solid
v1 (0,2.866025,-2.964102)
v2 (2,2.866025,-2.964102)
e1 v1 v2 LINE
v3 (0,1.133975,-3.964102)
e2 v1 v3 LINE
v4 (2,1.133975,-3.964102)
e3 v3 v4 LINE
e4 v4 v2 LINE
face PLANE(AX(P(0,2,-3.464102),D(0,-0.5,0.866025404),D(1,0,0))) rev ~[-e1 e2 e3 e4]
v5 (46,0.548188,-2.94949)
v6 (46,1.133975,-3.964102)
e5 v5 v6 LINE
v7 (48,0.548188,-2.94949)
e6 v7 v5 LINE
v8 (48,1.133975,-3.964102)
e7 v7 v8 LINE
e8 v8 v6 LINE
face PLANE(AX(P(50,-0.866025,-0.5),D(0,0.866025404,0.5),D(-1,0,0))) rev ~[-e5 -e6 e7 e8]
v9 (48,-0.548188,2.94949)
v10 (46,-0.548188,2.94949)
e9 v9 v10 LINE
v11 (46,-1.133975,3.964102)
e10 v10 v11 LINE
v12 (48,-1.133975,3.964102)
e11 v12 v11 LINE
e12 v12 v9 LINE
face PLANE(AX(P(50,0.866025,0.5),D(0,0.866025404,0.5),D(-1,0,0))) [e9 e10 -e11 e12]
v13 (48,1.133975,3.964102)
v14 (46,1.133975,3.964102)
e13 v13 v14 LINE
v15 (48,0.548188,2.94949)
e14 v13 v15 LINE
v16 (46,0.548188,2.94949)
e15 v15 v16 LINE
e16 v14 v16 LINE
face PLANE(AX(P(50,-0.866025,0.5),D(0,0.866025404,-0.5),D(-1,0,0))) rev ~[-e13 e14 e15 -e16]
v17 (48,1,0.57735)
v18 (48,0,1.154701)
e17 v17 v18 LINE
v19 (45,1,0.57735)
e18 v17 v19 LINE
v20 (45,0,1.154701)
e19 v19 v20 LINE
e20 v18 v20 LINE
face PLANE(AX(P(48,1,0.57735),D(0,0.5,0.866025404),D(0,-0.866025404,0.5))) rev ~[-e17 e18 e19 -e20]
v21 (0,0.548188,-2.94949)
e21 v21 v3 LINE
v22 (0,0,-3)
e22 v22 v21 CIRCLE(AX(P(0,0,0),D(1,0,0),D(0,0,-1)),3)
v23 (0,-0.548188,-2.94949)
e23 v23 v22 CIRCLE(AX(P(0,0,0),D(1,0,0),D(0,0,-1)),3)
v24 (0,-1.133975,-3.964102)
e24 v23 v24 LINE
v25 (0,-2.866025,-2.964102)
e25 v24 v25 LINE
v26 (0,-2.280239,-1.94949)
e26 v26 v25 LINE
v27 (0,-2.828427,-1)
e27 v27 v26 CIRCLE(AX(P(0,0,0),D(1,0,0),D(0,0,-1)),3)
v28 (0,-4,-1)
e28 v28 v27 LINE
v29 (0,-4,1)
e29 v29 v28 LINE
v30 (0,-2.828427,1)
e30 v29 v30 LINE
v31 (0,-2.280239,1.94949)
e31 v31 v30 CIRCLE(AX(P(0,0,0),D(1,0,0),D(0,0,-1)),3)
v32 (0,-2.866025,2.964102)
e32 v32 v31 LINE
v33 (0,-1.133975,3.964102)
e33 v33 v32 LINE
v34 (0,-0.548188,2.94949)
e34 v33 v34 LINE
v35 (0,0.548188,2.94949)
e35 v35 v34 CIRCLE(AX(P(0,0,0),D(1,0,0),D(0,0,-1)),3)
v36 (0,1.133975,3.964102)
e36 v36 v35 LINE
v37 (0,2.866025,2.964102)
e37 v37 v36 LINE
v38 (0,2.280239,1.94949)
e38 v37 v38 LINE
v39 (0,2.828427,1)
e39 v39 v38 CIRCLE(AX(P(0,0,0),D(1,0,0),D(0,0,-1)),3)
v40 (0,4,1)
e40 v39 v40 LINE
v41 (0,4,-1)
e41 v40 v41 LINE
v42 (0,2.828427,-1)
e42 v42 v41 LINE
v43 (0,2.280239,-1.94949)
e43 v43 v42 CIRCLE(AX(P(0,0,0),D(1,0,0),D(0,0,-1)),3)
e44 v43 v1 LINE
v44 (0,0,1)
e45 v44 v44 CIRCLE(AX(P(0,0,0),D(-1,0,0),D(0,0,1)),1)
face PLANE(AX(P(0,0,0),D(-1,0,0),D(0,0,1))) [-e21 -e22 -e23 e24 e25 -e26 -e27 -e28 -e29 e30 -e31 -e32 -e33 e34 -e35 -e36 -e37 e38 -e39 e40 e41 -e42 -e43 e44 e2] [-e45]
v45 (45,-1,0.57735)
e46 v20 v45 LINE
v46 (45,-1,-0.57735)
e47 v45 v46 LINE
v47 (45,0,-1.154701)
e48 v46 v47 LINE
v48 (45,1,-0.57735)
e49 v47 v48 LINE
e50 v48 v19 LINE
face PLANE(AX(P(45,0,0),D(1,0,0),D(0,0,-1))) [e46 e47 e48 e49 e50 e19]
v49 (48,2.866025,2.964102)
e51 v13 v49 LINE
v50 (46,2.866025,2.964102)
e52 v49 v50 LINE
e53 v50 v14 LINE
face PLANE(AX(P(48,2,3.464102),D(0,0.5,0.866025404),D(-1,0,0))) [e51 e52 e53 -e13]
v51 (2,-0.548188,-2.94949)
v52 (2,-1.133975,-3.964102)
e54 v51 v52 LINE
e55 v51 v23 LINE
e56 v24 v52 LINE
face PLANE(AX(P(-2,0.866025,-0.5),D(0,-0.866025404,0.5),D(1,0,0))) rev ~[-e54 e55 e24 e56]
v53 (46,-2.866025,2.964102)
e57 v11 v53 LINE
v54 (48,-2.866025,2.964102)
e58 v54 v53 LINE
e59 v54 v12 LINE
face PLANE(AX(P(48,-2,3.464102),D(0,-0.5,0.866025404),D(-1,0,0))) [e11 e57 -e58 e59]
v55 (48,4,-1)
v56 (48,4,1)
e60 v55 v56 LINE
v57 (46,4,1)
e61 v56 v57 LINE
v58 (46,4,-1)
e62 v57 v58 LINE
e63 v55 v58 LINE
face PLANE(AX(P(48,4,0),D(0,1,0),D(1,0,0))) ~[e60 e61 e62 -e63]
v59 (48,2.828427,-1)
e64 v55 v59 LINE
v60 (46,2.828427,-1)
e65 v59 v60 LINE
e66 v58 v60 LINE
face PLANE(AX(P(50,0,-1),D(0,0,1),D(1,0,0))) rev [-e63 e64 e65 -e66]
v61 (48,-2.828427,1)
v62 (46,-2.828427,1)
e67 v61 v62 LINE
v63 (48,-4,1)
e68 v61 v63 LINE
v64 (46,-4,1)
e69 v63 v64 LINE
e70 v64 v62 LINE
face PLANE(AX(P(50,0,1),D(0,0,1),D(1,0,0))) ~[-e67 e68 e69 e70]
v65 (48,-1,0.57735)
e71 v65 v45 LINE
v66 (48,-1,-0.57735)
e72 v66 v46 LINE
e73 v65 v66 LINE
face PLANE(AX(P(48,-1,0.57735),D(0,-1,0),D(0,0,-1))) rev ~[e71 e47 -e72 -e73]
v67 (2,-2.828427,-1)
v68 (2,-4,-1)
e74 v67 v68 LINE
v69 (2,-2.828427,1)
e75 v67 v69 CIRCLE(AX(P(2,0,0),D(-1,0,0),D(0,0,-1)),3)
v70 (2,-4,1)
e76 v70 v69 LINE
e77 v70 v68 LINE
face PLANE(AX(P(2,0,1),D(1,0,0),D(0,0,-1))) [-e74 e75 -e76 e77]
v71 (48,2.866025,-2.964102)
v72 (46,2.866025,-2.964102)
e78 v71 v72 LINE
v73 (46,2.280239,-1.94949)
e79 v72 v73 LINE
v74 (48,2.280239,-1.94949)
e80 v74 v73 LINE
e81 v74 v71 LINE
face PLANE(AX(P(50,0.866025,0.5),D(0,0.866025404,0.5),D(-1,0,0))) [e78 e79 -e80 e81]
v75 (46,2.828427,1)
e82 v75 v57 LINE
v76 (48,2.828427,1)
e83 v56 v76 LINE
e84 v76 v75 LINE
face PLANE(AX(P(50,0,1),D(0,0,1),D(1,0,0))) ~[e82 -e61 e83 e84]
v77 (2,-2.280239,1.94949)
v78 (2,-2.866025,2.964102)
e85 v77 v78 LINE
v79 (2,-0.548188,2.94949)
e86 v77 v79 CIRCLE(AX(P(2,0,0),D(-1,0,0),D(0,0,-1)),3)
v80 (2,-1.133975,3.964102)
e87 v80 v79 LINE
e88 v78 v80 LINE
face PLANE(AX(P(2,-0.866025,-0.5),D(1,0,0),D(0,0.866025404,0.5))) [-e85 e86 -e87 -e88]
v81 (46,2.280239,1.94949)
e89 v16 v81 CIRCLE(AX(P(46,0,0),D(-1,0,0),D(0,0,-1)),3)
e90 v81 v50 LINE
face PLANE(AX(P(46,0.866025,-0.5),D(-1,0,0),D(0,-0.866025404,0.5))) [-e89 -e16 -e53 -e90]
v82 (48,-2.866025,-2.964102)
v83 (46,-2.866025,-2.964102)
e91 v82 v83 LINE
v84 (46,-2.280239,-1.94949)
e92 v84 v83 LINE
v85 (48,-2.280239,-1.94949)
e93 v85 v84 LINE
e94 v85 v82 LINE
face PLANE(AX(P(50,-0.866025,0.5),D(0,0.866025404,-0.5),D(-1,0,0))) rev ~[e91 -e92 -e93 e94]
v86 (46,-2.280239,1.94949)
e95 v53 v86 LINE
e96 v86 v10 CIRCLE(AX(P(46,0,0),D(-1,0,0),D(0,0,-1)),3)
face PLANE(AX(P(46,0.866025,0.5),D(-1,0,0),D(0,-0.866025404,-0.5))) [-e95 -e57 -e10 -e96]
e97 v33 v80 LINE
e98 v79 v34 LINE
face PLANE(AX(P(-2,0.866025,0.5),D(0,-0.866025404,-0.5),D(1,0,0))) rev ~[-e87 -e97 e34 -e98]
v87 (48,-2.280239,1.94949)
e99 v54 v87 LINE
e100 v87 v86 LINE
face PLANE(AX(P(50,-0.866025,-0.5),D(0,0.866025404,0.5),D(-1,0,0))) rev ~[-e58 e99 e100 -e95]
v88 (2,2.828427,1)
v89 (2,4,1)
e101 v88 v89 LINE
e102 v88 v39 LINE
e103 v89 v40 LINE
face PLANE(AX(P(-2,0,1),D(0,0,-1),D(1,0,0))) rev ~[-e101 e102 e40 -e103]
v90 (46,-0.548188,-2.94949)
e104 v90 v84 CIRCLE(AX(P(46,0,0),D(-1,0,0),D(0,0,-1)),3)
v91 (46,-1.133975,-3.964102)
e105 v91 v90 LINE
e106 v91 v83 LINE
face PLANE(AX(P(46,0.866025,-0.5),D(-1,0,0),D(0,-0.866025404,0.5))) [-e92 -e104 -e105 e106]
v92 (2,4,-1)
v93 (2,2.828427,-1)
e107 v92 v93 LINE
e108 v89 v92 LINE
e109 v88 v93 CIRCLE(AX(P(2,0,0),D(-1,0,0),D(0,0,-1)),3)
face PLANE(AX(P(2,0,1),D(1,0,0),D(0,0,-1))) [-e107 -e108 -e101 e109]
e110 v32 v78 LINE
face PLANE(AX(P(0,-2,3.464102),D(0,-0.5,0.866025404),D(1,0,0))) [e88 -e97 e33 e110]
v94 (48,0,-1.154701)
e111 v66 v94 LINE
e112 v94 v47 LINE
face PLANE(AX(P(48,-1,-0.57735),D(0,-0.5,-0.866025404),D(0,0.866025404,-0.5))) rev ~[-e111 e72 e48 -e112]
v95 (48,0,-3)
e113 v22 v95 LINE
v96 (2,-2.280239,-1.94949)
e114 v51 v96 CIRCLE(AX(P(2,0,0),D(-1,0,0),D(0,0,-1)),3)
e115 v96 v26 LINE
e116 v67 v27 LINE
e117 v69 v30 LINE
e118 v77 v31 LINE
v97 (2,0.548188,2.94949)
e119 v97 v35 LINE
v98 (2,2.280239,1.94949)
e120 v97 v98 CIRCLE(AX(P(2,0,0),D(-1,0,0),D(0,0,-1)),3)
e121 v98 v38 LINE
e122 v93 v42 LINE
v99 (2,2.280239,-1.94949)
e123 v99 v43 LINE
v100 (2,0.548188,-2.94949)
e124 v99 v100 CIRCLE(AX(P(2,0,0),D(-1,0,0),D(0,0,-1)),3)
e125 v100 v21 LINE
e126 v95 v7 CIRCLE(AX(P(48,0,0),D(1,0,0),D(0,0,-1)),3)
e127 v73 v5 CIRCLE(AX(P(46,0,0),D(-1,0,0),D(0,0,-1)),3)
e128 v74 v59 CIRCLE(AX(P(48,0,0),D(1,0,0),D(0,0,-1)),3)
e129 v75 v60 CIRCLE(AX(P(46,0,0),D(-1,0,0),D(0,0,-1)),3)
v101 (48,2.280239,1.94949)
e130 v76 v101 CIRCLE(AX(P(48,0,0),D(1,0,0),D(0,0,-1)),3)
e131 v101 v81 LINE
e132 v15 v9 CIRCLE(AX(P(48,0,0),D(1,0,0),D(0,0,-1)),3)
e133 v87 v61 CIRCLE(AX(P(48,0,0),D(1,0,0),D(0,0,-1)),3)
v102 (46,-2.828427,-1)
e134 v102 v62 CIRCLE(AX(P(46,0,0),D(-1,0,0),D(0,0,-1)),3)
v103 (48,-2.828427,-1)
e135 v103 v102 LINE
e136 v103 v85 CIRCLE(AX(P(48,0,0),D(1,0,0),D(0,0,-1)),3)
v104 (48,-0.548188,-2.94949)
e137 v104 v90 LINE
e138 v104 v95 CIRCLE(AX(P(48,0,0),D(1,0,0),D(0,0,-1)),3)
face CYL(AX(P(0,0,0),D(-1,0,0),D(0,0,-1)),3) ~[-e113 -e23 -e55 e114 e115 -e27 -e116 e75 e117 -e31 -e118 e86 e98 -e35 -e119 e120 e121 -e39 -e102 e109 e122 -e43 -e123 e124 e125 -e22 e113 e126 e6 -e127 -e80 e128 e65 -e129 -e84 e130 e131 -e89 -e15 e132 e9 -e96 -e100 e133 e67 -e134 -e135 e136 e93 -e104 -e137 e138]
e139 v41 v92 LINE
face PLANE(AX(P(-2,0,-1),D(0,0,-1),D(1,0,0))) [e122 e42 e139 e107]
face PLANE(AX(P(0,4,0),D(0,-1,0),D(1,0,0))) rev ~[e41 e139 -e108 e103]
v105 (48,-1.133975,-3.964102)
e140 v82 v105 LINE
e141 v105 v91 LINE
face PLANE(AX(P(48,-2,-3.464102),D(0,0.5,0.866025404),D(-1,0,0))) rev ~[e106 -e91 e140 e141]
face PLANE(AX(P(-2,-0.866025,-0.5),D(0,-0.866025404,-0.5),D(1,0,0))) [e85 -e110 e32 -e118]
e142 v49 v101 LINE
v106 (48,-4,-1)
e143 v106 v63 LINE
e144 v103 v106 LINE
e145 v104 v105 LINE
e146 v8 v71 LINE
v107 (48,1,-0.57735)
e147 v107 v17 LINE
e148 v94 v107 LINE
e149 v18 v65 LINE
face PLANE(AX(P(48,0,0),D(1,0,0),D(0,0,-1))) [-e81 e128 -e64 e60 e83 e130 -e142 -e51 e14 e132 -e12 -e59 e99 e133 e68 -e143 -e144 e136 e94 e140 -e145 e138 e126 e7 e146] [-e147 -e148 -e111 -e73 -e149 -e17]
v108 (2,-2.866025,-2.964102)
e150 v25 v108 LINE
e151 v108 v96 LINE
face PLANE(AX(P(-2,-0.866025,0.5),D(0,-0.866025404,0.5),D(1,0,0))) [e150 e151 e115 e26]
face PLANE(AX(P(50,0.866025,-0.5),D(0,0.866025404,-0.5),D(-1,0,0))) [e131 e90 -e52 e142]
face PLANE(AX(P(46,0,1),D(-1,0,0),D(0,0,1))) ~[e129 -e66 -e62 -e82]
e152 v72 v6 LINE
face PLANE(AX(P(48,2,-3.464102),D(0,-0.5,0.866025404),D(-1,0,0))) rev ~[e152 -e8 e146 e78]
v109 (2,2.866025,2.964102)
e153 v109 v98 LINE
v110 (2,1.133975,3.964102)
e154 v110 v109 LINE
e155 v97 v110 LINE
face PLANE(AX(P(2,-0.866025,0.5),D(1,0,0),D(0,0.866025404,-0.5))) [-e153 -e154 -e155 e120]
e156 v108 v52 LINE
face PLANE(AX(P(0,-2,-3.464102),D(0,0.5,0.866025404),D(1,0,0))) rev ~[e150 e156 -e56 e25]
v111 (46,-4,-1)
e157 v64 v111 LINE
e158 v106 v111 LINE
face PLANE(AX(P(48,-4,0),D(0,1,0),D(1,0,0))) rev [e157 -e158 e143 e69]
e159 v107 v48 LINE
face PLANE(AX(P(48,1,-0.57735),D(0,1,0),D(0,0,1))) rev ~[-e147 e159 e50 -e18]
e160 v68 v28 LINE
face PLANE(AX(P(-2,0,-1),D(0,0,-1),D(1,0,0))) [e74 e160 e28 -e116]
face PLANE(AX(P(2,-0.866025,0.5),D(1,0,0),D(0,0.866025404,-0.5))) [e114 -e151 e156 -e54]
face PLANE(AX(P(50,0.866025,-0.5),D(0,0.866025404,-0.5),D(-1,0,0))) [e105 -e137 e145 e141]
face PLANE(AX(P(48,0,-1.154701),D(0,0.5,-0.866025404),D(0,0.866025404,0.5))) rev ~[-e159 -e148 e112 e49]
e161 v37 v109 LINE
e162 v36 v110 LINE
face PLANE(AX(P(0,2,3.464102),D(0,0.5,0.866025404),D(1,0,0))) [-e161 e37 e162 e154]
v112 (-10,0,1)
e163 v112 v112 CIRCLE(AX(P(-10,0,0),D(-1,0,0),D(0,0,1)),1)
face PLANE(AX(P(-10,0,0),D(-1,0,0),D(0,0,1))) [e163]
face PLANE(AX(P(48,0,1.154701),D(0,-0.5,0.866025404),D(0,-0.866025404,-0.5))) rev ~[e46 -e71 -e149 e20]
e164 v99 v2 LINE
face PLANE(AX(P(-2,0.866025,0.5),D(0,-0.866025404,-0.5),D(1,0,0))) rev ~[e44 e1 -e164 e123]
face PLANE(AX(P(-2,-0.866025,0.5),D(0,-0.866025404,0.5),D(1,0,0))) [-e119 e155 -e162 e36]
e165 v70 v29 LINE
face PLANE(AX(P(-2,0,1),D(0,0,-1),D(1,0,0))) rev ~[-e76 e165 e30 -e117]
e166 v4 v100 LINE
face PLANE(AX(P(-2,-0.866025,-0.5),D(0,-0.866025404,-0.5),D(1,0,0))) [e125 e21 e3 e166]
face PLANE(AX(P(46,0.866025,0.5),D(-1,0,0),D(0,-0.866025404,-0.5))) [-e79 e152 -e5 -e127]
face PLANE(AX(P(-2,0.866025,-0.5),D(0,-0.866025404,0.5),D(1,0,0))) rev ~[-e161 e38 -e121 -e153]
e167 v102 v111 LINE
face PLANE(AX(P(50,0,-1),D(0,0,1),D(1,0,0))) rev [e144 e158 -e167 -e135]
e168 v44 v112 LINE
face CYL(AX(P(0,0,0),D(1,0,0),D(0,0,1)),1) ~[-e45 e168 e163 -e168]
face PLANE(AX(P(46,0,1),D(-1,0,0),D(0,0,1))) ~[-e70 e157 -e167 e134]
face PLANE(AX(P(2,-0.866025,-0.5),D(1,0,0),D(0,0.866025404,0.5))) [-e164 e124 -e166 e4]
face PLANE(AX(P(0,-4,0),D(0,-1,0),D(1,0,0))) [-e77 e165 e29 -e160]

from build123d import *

# Parameters (mm, degrees)
ESBO_O1_R                 = 3
RESSALTO_EXTRUS_O1_DEPTH  = 48
ESBO_O2_W                 = 4
ESBO_O2_H                 = 2
RESSALTO_EXTRUS_O2_DEPTH  = 4
ESBO_O4_R                 = 4.471241999
CORTE_EXTRUS_O2_DEPTH     = 2
PADR_OCIRCULAR1_COUNT     = 6
ESBO_O7_R                 = 7.725132362
CORTE_EXTRUS_O3_DEPTH     = 2
ESPELHAR5_COPY_1_SKETCH_W = 4
ESPELHAR5_COPY_1_SKETCH_H = 2
ESPELHAR5_COPY_1_DEPTH    = 4
ESPELHAR5_COPY_2_SKETCH_W = 4
ESPELHAR5_COPY_2_SKETCH_H = 2
ESPELHAR5_COPY_2_DEPTH    = 4
ESPELHAR5_COPY_3_SKETCH_W = 4
ESPELHAR5_COPY_3_SKETCH_H = 2
ESPELHAR5_COPY_3_DEPTH    = 4
ESPELHAR5_COPY_4_SKETCH_W = 4
ESPELHAR5_COPY_4_SKETCH_H = 2
ESPELHAR5_COPY_4_DEPTH    = 4
ESPELHAR5_COPY_5_SKETCH_W = 4
ESPELHAR5_COPY_5_SKETCH_H = 2
ESPELHAR5_COPY_5_DEPTH    = 4
ESBO_O10_R                = 7.180900458
CORTE_EXTRUS_O5_DEPTH     = 2
ESBO_O11_R                = 1
RESSALTO_EXTRUS_O3_DEPTH  = 10
CORTE_EXTRUS_O6_DEPTH     = 3


with BuildPart() as part:
    # Esboço1 → Ressalto-extrusão1 (new body)
    with BuildSketch(Plane(origin=(0, 0, 0), x_dir=(0, 0, -1), z_dir=(1, 0, 0))):
        Circle(ESBO_O1_R)
    ressalto_extrus_o1 = extrude(amount=RESSALTO_EXTRUS_O1_DEPTH)

    # Esboço2 → Ressalto-extrusão2 (add, symmetric)
    with BuildSketch(Plane(origin=(0, 0, 0), x_dir=(1, 0, 0), z_dir=(0, 1, 0))):
        Rectangle(ESBO_O2_W, ESBO_O2_H)
    ressalto_extrus_o2 = extrude(amount=RESSALTO_EXTRUS_O2_DEPTH, both=True)

    # Esboço4 → Corte-extrusão2 (cut)
    with BuildSketch(Plane.ZY.offset(2)):
        Circle(ESBO_O4_R)
    extrude(amount=-CORTE_EXTRUS_O2_DEPTH, mode=Mode.SUBTRACT)

    # PadrãoCircular1: Ressalto-extrusão2 ×6 about axis
    padr_ocircular1_axis = Axis((0, 0, 0), (1, 0, 0))
    for i in range(1, PADR_OCIRCULAR1_COUNT):
        add(ressalto_extrus_o2.rotate(padr_ocircular1_axis, i * 360 / PADR_OCIRCULAR1_COUNT))

    # Esboço7 → Corte-extrusão3 (cut)
    with BuildSketch(Plane.ZY.offset(2)):
        Circle(ESBO_O7_R)
    extrude(amount=-CORTE_EXTRUS_O3_DEPTH, mode=Mode.SUBTRACT)

    # Espelhar5: Ressalto-extrusão1, Ressalto-extrusão2 across plane
    add(ressalto_extrus_o1.mirror(Plane(origin=(24, 0, 0), x_dir=(0, 0, 1), z_dir=(1, 0, 0))))
    add(ressalto_extrus_o2.mirror(Plane(origin=(24, 0, 0), x_dir=(0, 0, 1), z_dir=(1, 0, 0))))

    # Espelhar5 copy 1 sketch → Espelhar5 copy 1 (add, symmetric)
    with BuildSketch(Plane(origin=(48, 0, 0), x_dir=(-1, 0, 0), z_dir=(0, 0.5, 0.866025404))):
        Rectangle(ESPELHAR5_COPY_1_SKETCH_W, ESPELHAR5_COPY_1_SKETCH_H)
    extrude(amount=ESPELHAR5_COPY_1_DEPTH, both=True)

    # Espelhar5 copy 2 sketch → Espelhar5 copy 2 (add, symmetric)
    with BuildSketch(Plane(origin=(48, 0, 0), x_dir=(-1, 0, 0), z_dir=(0, -0.5, 0.866025404))):
        Rectangle(ESPELHAR5_COPY_2_SKETCH_W, ESPELHAR5_COPY_2_SKETCH_H)
    extrude(amount=ESPELHAR5_COPY_2_DEPTH, both=True)

    # Espelhar5 copy 3 sketch → Espelhar5 copy 3 (add, symmetric)
    with BuildSketch(Plane(origin=(48, 0, 0), x_dir=(-1, 0, 0), z_dir=(0, -1, 0))):
        Rectangle(ESPELHAR5_COPY_3_SKETCH_W, ESPELHAR5_COPY_3_SKETCH_H)
    extrude(amount=ESPELHAR5_COPY_3_DEPTH, both=True)

    # Espelhar5 copy 4 sketch → Espelhar5 copy 4 (add, symmetric)
    with BuildSketch(Plane(origin=(48, 0, 0), x_dir=(-1, 0, 0), z_dir=(0, -0.5, -0.866025404))):
        Rectangle(ESPELHAR5_COPY_4_SKETCH_W, ESPELHAR5_COPY_4_SKETCH_H)
    extrude(amount=ESPELHAR5_COPY_4_DEPTH, both=True)

    # Espelhar5 copy 5 sketch → Espelhar5 copy 5 (add, symmetric)
    with BuildSketch(Plane(origin=(48, 0, 0), x_dir=(-1, 0, 0), z_dir=(0, 0.5, -0.866025404))):
        Rectangle(ESPELHAR5_COPY_5_SKETCH_W, ESPELHAR5_COPY_5_SKETCH_H)
    extrude(amount=ESPELHAR5_COPY_5_DEPTH, both=True)

    # Esboço10 → Corte-extrusão5 (cut)
    with BuildSketch(Plane(origin=(50, 0, 0), x_dir=(0, 0, -1), z_dir=(1, 0, 0))):
        Circle(ESBO_O10_R)
    extrude(amount=-CORTE_EXTRUS_O5_DEPTH, mode=Mode.SUBTRACT)

    # Esboço11 → Ressalto-extrusão3 (add)
    with BuildSketch(Plane.ZY):
        Circle(ESBO_O11_R)
    extrude(amount=RESSALTO_EXTRUS_O3_DEPTH)

    # Esboço12 → Corte-extrusão6 (cut)
    with BuildSketch(Plane(origin=(48, 0, 0), x_dir=(0, 0, -1), z_dir=(1, 0, 0))):
        Polygon((-0.577350269, 1), (-1.154700538, 0), (-0.577350269, -1), (0.577350269, -1), (1.154700538, 0), (0.577350269, 1), align=None)
    extrude(amount=-CORTE_EXTRUS_O6_DEPTH, mode=Mode.SUBTRACT)


solid = part.part
